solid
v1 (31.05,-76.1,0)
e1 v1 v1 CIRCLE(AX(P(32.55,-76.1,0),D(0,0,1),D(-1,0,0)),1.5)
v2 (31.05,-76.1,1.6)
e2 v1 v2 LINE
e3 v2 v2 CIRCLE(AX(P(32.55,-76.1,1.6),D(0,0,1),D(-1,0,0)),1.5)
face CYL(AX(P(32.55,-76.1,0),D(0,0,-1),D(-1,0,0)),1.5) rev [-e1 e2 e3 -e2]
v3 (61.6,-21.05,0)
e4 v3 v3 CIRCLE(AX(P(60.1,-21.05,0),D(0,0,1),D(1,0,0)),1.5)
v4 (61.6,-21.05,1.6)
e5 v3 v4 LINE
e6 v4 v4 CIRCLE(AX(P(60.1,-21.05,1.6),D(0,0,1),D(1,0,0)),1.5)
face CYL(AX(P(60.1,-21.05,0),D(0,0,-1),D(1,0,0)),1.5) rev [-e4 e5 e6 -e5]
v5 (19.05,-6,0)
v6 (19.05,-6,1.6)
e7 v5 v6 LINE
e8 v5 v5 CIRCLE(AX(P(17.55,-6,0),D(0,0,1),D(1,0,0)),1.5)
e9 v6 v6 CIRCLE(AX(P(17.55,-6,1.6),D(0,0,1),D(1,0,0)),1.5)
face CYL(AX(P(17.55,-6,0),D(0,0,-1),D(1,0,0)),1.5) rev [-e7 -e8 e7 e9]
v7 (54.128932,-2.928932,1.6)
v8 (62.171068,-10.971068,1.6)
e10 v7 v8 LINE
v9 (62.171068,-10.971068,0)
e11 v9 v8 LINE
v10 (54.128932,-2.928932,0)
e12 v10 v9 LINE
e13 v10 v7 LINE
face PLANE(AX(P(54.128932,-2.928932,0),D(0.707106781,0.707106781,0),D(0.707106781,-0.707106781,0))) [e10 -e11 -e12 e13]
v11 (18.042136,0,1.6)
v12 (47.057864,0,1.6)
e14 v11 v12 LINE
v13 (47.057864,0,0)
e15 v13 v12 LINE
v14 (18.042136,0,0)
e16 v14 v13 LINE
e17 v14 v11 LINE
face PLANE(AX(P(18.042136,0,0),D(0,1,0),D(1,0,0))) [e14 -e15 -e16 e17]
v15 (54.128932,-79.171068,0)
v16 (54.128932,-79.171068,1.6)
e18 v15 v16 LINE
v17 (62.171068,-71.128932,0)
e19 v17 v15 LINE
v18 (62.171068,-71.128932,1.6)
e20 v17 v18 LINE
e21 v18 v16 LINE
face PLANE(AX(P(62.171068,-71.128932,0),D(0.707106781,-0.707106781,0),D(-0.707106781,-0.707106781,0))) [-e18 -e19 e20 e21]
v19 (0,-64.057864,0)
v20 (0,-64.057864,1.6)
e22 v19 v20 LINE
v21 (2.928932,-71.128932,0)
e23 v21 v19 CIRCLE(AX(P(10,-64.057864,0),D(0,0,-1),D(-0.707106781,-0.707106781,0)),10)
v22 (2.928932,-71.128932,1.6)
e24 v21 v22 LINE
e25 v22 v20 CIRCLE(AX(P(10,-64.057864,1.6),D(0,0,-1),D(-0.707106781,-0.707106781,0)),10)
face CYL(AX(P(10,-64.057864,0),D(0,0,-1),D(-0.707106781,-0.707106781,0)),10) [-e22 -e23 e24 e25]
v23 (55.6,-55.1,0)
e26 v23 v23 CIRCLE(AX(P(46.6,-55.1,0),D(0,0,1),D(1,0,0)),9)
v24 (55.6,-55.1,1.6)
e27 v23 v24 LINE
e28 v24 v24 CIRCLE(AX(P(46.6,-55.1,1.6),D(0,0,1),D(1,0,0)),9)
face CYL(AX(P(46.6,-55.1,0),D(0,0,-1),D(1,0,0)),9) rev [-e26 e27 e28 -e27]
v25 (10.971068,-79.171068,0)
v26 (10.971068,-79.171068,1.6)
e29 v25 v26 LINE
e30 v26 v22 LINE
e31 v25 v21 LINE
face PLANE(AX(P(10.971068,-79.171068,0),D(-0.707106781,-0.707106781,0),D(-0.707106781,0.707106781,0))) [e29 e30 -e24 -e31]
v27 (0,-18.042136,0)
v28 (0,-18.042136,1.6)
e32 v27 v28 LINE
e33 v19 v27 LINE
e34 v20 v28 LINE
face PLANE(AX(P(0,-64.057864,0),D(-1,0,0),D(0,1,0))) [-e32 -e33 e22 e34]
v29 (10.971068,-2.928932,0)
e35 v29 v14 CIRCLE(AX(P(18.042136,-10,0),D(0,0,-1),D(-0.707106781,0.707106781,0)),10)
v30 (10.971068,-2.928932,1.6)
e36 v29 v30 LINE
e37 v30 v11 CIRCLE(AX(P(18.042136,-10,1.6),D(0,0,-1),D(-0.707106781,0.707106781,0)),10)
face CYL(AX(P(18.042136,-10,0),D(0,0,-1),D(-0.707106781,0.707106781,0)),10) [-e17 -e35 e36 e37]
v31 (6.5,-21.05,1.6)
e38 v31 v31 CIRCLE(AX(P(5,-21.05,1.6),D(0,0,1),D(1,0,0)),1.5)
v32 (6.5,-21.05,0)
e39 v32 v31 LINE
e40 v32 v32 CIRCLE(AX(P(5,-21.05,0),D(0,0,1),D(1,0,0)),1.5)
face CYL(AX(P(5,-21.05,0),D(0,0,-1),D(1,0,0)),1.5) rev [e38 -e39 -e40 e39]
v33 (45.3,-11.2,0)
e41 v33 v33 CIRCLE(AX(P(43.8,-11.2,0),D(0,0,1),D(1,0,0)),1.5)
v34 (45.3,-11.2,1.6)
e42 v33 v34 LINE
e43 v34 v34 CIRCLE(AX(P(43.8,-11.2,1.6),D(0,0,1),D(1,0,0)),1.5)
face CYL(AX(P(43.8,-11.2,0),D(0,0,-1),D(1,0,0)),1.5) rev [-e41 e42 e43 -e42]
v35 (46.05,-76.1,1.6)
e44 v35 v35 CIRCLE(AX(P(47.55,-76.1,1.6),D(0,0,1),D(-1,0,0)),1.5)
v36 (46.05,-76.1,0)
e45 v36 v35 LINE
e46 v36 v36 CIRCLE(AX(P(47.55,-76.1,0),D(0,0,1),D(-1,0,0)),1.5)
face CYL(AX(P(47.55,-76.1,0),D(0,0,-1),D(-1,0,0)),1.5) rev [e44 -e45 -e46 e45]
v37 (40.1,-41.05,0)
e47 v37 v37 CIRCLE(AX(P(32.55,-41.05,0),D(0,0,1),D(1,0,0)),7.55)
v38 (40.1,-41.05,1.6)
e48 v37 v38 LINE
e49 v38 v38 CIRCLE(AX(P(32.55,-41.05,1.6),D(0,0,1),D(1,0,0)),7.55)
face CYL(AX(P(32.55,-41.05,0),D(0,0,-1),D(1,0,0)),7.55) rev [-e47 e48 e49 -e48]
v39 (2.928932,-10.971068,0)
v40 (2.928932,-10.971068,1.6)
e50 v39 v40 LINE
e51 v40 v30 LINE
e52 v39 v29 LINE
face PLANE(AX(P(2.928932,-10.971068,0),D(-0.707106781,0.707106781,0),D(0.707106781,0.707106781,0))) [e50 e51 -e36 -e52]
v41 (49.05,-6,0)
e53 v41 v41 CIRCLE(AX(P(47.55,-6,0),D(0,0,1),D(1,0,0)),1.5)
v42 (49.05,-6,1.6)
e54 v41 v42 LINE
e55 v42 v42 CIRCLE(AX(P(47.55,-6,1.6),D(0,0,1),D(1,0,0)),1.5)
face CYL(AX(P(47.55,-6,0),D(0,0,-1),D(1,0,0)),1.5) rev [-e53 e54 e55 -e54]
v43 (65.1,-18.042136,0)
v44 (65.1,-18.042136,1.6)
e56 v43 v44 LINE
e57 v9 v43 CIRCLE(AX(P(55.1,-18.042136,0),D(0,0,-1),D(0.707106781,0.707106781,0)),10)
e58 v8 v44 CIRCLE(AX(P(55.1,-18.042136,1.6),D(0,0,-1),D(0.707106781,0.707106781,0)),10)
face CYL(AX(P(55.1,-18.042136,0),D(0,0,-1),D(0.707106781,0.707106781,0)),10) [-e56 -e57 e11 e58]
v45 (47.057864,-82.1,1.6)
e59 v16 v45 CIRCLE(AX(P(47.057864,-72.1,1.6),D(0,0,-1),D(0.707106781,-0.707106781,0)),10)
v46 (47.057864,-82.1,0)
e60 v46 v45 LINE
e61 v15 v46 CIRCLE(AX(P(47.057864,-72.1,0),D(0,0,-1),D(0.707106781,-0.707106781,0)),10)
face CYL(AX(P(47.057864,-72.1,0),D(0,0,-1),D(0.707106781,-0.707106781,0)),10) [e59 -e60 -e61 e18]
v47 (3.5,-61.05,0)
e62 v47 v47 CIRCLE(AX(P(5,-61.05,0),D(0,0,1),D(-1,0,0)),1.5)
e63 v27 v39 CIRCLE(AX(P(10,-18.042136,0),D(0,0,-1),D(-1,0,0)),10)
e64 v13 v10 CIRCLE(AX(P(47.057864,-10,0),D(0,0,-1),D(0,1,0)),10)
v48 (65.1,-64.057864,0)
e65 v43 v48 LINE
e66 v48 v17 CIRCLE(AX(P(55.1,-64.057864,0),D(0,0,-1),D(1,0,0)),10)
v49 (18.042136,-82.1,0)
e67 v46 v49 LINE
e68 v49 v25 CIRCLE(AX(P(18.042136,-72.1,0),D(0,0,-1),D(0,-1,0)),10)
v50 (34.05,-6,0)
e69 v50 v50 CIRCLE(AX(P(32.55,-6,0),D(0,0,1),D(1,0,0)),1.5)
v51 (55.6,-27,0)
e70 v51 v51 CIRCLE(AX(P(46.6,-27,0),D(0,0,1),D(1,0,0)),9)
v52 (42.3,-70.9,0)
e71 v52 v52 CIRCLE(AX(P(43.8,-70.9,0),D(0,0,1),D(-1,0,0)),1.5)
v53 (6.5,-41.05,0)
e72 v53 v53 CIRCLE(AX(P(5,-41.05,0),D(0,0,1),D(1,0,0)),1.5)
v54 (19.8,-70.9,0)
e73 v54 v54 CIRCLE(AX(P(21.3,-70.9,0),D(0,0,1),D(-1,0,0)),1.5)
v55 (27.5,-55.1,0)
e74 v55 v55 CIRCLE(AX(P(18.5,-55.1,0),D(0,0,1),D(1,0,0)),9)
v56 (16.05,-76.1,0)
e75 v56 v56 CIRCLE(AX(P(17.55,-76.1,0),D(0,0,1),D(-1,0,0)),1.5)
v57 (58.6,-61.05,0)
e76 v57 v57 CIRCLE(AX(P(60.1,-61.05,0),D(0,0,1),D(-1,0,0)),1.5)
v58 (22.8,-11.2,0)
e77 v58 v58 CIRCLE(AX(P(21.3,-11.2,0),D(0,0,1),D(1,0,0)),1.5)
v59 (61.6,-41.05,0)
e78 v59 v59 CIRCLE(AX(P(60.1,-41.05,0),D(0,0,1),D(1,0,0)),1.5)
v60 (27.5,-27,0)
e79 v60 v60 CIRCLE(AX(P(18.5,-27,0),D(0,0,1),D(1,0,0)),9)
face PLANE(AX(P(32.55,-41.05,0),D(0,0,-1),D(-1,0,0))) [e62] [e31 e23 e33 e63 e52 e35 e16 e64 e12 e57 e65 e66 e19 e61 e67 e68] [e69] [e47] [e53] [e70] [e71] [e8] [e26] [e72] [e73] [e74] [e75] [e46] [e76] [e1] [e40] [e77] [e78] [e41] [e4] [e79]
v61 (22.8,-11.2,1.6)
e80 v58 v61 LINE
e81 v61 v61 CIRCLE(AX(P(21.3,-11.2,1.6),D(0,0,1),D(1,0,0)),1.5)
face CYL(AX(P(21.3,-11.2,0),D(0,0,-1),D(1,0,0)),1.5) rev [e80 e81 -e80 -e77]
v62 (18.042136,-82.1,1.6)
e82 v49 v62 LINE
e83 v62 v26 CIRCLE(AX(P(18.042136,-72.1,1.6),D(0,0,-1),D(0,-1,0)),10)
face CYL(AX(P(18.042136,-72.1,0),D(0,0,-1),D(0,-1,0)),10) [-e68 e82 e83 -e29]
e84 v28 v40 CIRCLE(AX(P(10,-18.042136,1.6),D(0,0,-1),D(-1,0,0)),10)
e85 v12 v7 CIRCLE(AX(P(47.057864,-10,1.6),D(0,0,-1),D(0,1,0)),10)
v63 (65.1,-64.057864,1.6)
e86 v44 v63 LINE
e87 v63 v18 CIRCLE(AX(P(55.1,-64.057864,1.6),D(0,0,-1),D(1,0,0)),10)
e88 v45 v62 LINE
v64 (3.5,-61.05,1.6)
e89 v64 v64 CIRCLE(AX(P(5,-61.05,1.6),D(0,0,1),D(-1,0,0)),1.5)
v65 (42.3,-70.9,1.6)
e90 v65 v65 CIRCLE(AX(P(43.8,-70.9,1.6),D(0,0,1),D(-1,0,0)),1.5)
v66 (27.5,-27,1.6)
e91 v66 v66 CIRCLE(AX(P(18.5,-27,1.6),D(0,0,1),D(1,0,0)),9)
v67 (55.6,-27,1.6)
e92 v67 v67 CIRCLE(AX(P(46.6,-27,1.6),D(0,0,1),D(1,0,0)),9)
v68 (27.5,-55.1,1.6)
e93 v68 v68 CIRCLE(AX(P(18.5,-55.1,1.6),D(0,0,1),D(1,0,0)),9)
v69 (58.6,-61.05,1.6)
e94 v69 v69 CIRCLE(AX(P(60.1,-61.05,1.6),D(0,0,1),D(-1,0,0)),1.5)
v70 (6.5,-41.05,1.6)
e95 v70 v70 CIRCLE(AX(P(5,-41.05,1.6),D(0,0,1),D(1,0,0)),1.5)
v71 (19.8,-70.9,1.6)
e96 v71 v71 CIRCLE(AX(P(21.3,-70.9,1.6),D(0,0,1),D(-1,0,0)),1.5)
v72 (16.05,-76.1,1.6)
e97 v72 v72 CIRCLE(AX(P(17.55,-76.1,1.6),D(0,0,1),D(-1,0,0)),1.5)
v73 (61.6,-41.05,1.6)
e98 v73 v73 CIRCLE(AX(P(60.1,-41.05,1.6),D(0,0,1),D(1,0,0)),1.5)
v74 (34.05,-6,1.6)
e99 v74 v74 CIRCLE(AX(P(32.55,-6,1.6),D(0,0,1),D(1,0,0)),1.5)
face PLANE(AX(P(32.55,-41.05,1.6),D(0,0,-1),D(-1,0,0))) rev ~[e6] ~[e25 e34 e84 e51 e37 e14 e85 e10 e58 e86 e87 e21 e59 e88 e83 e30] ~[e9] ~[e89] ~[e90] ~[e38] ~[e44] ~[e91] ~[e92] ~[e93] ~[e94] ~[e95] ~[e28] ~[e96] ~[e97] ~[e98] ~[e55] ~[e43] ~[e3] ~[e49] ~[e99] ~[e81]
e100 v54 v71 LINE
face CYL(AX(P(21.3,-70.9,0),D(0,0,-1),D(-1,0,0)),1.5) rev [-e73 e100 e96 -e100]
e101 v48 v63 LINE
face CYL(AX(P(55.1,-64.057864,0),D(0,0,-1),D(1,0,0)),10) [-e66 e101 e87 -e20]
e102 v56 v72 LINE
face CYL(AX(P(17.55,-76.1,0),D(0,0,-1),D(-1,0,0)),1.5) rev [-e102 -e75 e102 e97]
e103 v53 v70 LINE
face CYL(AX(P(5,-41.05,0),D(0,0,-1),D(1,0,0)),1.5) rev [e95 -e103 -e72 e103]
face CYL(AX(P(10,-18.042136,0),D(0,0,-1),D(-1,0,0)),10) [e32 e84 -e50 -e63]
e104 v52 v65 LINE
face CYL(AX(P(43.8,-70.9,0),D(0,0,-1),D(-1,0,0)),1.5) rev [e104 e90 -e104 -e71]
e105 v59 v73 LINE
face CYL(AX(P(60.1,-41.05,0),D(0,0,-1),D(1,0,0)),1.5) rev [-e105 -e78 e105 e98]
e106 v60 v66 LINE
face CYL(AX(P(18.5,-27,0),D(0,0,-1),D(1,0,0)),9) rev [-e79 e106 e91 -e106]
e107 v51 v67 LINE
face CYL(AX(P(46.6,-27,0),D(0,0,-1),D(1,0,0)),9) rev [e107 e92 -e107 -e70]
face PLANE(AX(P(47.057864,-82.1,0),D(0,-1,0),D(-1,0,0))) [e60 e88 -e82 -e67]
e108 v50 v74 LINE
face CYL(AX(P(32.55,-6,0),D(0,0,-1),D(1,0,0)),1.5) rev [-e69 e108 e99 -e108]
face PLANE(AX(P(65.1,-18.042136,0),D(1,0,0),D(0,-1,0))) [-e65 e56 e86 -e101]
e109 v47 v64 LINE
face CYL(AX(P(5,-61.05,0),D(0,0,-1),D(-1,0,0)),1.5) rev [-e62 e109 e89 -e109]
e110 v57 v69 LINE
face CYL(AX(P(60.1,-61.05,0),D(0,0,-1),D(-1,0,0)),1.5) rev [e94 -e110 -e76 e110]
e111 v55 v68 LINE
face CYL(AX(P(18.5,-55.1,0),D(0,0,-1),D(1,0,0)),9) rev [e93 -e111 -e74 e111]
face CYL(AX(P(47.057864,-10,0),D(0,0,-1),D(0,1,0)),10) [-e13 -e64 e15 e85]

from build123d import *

# Parameters (mm, degrees)
IZIM1_R                     = 9
IZIM1_R_2                   = 7.55
IZIM1_R_3                   = 1.5
Y_KSEKLIK_EKSTR_ZYON1_DEPTH = 1.6


with BuildPart() as part:
    # Çizim1 → Yükseklik-Ekstrüzyon1 (new body)
    with BuildSketch(Plane.XY):
        with BuildLine():
            Line((2.928932188, -10.971067812), (10.971067812, -2.928932188))
            ThreePointArc((10.971067812, -2.928932188), (14.2153013, -0.761204675), (18.042135624, 0))
            Line((18.042135624, 0), (47.057864376, 0))
            ThreePointArc((47.057864376, 0), (50.8846987, -0.761204675), (54.128932188, -2.928932188))
            Line((54.128932188, -2.928932188), (62.171067812, -10.971067812))
            ThreePointArc((62.171067812, -10.971067812), (64.338795325, -14.2153013), (65.1, -18.042135624))
            Line((65.1, -18.042135624), (65.1, -64.057864376))
            ThreePointArc((65.1, -64.057864376), (64.338795325, -67.8846987), (62.171067812, -71.128932188))
            Line((62.171067812, -71.128932188), (54.128932188, -79.171067812))
            ThreePointArc((54.128932188, -79.171067812), (50.8846987, -81.338795325), (47.057864376, -82.1))
            Line((47.057864376, -82.1), (18.042135624, -82.1))
            ThreePointArc((18.042135624, -82.1), (14.2153013, -81.338795325), (10.971067812, -79.171067812))
            Line((10.971067812, -79.171067812), (2.928932188, -71.128932188))
            ThreePointArc((2.928932188, -71.128932188), (0.761204675, -67.8846987), (0, -64.057864376))
            Line((0, -64.057864376), (0, -18.042135624))
            ThreePointArc((0, -18.042135624), (0.761204675, -14.2153013), (2.928932188, -10.971067812))
        make_face()
        with Locations((18.5, -27)):
            Circle(IZIM1_R, mode=Mode.SUBTRACT)
        with Locations((46.6, -27)):
            Circle(IZIM1_R, mode=Mode.SUBTRACT)
        with Locations((18.5, -55.1)):
            Circle(IZIM1_R, mode=Mode.SUBTRACT)
        with Locations((46.6, -55.1)):
            Circle(IZIM1_R, mode=Mode.SUBTRACT)
        with Locations((32.55, -41.05)):
            Circle(IZIM1_R_2, mode=Mode.SUBTRACT)
        with Locations((32.55, -6)):
            Circle(IZIM1_R_3, mode=Mode.SUBTRACT)
        with Locations((47.55, -6)):
            Circle(IZIM1_R_3, mode=Mode.SUBTRACT)
        with Locations((43.8, -11.2)):
            Circle(IZIM1_R_3, mode=Mode.SUBTRACT)
        with Locations((17.55, -6)):
            Circle(IZIM1_R_3, mode=Mode.SUBTRACT)
        with Locations((21.3, -11.2)):
            Circle(IZIM1_R_3, mode=Mode.SUBTRACT)
        with Locations((5, -21.05)):
            Circle(IZIM1_R_3, mode=Mode.SUBTRACT)
        with Locations((60.1, -21.05)):
            Circle(IZIM1_R_3, mode=Mode.SUBTRACT)
        with Locations((5, -41.05)):
            Circle(IZIM1_R_3, mode=Mode.SUBTRACT)
        with Locations((60.1, -41.05)):
            Circle(IZIM1_R_3, mode=Mode.SUBTRACT)
        with Locations(Location((60.1, -61.05, 0), (0, 0, 180))):
            Circle(IZIM1_R_3, mode=Mode.SUBTRACT)
        with Locations(Location((32.55, -76.1, 0), (0, 0, 180))):
            Circle(IZIM1_R_3, mode=Mode.SUBTRACT)
        with Locations(Location((47.55, -76.1, 0), (0, 0, 180))):
            Circle(IZIM1_R_3, mode=Mode.SUBTRACT)
        with Locations(Location((43.8, -70.9, 0), (0, 0, 180))):
            Circle(IZIM1_R_3, mode=Mode.SUBTRACT)
        with Locations(Location((21.3, -70.9, 0), (0, 0, 180))):
            Circle(IZIM1_R_3, mode=Mode.SUBTRACT)
        with Locations(Location((17.55, -76.1, 0), (0, 0, 180))):
            Circle(IZIM1_R_3, mode=Mode.SUBTRACT)
        with Locations(Location((5, -61.05, 0), (0, 0, 180))):
            Circle(IZIM1_R_3, mode=Mode.SUBTRACT)
    extrude(amount=Y_KSEKLIK_EKSTR_ZYON1_DEPTH)


solid = part.part
